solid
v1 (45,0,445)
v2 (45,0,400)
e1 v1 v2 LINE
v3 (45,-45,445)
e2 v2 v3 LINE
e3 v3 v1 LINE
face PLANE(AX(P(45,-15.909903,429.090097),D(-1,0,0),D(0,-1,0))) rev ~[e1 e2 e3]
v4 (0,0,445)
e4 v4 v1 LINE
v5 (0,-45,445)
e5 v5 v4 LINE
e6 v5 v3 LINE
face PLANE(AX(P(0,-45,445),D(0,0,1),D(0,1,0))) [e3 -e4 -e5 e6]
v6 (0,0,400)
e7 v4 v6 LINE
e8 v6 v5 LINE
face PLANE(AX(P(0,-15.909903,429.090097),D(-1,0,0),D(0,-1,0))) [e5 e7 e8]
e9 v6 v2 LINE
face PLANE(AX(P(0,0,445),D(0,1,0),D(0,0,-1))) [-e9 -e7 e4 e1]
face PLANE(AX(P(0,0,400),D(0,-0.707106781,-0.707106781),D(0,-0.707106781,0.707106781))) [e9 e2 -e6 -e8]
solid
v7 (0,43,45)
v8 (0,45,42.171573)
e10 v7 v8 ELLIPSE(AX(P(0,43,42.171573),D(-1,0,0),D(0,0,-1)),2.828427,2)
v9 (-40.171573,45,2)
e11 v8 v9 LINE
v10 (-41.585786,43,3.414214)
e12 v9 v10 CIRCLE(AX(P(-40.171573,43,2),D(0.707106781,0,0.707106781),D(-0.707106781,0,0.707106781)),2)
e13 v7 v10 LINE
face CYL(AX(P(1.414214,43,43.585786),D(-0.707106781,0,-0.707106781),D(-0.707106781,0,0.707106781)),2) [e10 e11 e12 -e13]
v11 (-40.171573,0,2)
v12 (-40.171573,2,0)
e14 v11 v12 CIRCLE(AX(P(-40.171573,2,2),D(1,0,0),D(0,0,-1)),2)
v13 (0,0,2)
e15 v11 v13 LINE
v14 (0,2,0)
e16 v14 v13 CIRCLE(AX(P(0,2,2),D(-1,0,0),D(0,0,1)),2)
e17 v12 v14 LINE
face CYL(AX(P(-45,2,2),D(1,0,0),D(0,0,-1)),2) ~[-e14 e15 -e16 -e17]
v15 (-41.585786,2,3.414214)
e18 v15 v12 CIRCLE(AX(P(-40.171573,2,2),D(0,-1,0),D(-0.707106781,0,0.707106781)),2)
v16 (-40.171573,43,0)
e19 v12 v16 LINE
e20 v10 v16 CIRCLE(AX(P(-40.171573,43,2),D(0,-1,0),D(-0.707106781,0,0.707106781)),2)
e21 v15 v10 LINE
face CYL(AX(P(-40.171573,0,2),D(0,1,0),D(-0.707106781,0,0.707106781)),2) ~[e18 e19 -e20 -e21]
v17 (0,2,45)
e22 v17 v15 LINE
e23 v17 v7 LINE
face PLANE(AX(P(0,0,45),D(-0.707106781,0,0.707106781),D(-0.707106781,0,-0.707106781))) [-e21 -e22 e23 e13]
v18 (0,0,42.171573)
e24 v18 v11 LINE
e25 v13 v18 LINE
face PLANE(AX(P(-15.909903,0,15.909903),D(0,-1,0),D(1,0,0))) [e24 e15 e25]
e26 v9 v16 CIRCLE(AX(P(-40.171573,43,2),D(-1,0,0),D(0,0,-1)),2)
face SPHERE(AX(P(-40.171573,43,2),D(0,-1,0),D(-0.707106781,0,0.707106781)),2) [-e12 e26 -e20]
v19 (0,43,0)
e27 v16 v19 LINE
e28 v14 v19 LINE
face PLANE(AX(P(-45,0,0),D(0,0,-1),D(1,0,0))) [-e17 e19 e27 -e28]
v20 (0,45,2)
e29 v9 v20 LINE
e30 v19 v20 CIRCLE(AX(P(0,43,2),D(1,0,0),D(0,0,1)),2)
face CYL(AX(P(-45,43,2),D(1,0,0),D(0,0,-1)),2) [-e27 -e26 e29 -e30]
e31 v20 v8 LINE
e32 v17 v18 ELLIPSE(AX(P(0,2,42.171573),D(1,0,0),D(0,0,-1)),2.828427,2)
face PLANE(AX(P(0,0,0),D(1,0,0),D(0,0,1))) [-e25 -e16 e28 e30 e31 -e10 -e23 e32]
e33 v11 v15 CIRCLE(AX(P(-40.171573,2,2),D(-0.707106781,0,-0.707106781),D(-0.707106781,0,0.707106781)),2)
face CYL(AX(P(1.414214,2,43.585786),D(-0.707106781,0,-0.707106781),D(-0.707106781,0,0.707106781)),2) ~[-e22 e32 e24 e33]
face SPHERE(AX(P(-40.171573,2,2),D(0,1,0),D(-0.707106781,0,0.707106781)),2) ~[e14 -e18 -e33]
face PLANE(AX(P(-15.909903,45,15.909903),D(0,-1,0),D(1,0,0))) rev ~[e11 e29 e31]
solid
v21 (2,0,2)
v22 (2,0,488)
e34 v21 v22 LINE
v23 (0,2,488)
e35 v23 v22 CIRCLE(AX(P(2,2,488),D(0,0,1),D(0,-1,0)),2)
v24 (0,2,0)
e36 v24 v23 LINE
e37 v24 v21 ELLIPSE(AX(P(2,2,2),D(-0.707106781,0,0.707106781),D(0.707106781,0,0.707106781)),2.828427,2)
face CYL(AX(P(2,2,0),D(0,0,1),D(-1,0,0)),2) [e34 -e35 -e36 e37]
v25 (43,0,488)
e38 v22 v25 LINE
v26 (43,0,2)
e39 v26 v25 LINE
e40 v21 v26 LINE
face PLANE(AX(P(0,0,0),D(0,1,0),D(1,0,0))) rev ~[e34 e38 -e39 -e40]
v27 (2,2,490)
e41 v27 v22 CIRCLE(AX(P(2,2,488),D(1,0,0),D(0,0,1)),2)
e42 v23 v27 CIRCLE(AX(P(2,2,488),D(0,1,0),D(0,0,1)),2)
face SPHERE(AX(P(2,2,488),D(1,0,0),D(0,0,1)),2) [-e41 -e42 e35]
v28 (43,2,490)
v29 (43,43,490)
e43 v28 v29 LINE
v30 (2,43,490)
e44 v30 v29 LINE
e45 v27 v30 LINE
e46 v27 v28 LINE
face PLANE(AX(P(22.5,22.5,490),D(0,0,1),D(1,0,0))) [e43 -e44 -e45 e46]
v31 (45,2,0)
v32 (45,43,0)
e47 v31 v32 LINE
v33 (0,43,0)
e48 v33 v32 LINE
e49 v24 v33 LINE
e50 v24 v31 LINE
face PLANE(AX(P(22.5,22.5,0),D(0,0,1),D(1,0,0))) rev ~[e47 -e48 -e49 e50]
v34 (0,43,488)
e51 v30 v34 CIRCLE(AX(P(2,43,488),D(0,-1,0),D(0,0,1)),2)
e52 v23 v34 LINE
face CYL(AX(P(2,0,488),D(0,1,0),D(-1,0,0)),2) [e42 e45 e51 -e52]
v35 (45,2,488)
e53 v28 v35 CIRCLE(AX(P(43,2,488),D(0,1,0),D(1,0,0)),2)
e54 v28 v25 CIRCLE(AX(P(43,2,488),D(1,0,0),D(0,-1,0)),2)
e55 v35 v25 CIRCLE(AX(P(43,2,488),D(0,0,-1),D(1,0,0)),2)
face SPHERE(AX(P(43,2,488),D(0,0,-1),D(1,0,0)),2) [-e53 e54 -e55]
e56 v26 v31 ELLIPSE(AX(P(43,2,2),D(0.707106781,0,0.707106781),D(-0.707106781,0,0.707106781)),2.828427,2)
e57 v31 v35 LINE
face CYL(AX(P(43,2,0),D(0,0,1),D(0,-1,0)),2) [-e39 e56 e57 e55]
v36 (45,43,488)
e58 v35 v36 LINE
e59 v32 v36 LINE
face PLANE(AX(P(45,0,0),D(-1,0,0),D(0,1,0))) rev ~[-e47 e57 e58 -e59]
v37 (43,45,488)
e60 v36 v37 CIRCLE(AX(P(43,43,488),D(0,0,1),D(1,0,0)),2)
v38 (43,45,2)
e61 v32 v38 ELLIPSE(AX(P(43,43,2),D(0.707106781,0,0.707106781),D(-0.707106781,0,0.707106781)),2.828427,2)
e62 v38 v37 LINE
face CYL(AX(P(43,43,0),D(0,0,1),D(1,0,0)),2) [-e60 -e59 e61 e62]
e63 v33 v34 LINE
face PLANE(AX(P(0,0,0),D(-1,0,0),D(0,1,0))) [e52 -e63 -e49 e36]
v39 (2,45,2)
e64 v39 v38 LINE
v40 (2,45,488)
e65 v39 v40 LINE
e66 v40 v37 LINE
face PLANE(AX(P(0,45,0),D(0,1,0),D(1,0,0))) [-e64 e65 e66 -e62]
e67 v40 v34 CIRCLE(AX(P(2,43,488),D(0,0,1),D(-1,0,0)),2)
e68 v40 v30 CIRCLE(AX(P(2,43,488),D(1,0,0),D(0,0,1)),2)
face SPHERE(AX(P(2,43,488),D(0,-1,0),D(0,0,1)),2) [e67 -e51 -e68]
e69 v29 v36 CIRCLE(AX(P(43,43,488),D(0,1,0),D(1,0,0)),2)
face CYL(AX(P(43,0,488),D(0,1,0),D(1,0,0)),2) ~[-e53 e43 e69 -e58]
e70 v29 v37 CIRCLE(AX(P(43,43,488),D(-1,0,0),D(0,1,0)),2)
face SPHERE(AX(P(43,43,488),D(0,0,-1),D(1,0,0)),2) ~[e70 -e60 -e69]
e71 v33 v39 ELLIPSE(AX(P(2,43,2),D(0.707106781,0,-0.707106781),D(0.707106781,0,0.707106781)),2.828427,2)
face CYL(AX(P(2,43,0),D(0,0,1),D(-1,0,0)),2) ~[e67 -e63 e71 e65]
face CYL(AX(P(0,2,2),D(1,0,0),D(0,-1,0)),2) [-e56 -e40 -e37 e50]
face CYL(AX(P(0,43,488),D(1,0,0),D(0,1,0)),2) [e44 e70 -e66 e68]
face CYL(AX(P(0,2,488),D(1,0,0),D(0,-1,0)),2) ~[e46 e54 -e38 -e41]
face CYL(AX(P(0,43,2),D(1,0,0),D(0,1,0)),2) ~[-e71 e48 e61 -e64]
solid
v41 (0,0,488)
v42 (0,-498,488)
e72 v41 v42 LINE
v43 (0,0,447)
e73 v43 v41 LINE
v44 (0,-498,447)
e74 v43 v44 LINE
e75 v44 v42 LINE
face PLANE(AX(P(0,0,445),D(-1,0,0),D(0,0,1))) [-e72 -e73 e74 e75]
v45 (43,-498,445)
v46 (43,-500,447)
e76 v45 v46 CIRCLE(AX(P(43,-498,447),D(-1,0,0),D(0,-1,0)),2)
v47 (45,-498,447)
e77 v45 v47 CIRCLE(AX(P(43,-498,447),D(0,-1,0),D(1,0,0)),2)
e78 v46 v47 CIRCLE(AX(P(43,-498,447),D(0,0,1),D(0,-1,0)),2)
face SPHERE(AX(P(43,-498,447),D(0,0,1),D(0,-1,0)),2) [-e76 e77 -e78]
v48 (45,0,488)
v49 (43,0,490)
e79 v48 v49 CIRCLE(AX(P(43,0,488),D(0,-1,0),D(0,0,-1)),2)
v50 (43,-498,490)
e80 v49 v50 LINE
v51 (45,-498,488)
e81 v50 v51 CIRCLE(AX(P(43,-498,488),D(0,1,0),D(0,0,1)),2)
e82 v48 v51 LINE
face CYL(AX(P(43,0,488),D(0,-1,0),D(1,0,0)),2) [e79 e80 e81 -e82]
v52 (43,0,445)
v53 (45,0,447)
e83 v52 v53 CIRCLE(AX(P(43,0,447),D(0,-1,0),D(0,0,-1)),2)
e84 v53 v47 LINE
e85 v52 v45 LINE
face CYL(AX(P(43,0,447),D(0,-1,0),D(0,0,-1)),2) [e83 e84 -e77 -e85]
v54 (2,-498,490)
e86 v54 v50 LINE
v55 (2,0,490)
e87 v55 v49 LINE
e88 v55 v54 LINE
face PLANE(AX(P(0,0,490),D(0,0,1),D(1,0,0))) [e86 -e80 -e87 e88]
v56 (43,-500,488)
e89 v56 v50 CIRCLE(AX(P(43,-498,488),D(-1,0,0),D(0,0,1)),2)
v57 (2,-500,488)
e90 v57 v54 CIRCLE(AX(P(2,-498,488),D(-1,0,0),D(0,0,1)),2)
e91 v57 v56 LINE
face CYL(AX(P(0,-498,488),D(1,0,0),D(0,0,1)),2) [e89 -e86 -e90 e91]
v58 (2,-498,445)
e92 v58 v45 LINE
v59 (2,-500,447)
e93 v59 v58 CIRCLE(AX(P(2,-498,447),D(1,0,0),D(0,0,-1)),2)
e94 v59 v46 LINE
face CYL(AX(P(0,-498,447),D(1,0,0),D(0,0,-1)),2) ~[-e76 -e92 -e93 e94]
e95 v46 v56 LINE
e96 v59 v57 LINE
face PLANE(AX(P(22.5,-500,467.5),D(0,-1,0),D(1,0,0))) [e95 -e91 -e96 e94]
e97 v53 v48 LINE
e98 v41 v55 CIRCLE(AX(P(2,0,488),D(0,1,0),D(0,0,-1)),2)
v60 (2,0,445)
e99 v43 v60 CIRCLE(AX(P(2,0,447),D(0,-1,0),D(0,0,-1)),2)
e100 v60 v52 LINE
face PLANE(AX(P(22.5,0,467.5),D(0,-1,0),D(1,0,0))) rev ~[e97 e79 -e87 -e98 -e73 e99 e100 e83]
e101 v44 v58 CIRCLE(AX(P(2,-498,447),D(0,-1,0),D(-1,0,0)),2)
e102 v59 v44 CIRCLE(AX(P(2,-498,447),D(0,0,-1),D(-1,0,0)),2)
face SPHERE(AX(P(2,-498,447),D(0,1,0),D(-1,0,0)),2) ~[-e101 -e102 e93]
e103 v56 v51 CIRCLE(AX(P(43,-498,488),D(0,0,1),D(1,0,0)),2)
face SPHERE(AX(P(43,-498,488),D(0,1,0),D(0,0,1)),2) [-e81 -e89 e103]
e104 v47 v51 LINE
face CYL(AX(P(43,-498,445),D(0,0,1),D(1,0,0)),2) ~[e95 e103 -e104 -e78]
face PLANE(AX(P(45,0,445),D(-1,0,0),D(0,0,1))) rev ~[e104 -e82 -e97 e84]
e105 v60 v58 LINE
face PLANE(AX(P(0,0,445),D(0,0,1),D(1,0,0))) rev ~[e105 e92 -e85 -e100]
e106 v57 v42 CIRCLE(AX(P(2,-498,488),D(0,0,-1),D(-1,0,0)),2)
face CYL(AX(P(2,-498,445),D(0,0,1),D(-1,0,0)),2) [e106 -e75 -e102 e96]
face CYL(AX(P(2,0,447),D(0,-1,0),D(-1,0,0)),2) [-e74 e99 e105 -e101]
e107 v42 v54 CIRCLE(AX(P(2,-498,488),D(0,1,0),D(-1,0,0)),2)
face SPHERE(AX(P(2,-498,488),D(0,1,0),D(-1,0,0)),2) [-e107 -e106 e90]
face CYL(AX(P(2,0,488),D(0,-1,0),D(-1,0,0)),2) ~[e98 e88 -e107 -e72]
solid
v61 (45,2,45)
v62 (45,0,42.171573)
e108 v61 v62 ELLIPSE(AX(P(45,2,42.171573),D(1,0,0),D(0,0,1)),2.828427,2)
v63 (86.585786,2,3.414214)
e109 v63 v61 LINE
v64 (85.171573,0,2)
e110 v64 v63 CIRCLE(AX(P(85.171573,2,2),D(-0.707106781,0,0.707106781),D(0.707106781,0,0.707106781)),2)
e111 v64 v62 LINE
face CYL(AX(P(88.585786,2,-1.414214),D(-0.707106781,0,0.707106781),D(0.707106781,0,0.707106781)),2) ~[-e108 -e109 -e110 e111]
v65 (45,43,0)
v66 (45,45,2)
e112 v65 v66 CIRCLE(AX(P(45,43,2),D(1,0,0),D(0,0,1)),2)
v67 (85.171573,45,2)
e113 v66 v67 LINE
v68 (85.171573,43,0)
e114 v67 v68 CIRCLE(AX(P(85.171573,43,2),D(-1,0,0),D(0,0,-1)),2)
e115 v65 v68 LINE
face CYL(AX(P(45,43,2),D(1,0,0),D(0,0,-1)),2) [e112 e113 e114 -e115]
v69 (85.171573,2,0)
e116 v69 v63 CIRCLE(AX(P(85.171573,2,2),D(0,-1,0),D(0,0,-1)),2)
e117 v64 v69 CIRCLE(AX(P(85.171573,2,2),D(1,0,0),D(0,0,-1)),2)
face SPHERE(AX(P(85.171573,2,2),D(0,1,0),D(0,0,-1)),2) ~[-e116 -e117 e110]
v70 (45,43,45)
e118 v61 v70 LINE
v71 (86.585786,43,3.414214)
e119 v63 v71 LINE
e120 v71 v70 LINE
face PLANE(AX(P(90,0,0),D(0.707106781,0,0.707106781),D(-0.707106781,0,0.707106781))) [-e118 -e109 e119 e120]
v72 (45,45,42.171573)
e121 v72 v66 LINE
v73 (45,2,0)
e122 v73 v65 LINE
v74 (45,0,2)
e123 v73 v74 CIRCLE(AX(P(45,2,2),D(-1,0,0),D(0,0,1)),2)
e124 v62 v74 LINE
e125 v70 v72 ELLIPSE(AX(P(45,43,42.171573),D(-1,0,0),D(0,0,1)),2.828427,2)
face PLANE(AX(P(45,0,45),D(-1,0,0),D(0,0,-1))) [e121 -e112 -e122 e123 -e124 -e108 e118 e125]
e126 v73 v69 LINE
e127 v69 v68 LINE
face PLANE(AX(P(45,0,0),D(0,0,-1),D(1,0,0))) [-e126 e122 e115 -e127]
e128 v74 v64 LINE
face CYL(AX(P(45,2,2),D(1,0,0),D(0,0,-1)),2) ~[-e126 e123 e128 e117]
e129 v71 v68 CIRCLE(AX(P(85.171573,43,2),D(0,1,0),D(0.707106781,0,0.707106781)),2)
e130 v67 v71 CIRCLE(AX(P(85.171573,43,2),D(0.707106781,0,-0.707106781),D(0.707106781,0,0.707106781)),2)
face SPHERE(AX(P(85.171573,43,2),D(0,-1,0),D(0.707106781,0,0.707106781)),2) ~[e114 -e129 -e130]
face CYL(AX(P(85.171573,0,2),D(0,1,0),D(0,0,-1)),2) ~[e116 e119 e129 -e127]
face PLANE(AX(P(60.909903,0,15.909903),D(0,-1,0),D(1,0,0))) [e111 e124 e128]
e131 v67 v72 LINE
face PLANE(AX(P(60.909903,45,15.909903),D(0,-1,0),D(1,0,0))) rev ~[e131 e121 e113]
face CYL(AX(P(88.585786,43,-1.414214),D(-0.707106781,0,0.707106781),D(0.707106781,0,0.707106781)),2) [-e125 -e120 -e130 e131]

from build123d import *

# Parameters (mm, degrees)
F0_W     = 45
F0_H     = 45
F1_DEPTH = 490
F3_DEPTH = 45
F4_W     = 45
F4_H     = 45
F5_DEPTH = 500
F6_R     = 2
F6_2_R   = 2
F6_3_R   = 2
F6_4_R   = 2
F8_DEPTH = 45


with BuildPart() as f1:
    # F0 (on Top) → F1 (new body)
    with BuildSketch(Plane.XY):
        with Locations((22.5, 22.5)):
            Rectangle(F0_W, F0_H)
    extrude(amount=F1_DEPTH)

    # F6#2
    f6_2_edges = [f1.edges().sort_by_distance(p)[0] for p in [
        (45, 0, 245),
        (45, 45, 245),
        (45, 22.5, 490),
        (22.5, 0, 490),
        (0, 22.5, 490),
        (22.5, 45, 490),
        (0, 0, 245),
        (0, 45, 245),
        (22.5, 0, 0),
        (22.5, 45, 0),
    ]]
    fillet(f6_2_edges, radius=F6_2_R)


with BuildPart() as f3:
    # F2 (on Front) → F3 (new body)
    with BuildSketch(Plane.XZ):
        Polygon((0, 0), (0, 45), (-45, 0), align=None)
    extrude(amount=-F3_DEPTH)

    # F6#3
    f6_3_edges = [f3.edges().sort_by_distance(p)[0] for p in [
        (-22.5, 0, 22.5),
        (-22.5, 0, 0),
        (-45, 22.5, 0),
        (-22.5, 45, 22.5),
        (-22.5, 45, 0),
    ]]
    fillet(f6_3_edges, radius=F6_3_R)


with BuildPart() as f3b:
    # F2 (on Front) → F3, piece 2 (new body)
    with BuildSketch(Plane.XZ):
        Polygon((45, 45), (45, 0), (90, 0), align=None)
    extrude(amount=-F3_DEPTH)

    # F6#4
    f6_4_edges = [f3b.edges().sort_by_distance(p)[0] for p in [
        (67.5, 0, 0),
        (67.5, 0, 22.5),
        (67.5, 45, 22.5),
        (67.5, 45, 0),
        (90, 22.5, 0),
    ]]
    fillet(f6_4_edges, radius=F6_4_R)


with BuildPart() as f5:
    # F4 (on face) → F5 (new body)
    with BuildSketch(Plane.XZ):
        with Locations((22.5, 467.5)):
            Rectangle(F4_W, F4_H)
    extrude(amount=F5_DEPTH)

    # F6
    f6_edges = [f5.edges().sort_by_distance(p)[0] for p in [
        (0, -250, 490),
        (45, -250, 490),
        (0, -250, 445),
        (0, -500, 467.5),
        (22.5, -500, 490),
        (45, -500, 467.5),
        (22.5, -500, 445),
        (45, -250, 445),
    ]]
    fillet(f6_edges, radius=F6_R)


with BuildPart() as f8:
    # F7 (on face) → F8 (new body)
    with BuildSketch(Plane(origin=(0, 0, 0), x_dir=(0, -1, 0), z_dir=(-1, 0, 0))):
        Polygon((45, 445), (0, 445), (0, 400), align=None)
    extrude(amount=-F8_DEPTH)


solid = Compound([f1.part, f3.part, f3b.part, f5.part, f8.part])
